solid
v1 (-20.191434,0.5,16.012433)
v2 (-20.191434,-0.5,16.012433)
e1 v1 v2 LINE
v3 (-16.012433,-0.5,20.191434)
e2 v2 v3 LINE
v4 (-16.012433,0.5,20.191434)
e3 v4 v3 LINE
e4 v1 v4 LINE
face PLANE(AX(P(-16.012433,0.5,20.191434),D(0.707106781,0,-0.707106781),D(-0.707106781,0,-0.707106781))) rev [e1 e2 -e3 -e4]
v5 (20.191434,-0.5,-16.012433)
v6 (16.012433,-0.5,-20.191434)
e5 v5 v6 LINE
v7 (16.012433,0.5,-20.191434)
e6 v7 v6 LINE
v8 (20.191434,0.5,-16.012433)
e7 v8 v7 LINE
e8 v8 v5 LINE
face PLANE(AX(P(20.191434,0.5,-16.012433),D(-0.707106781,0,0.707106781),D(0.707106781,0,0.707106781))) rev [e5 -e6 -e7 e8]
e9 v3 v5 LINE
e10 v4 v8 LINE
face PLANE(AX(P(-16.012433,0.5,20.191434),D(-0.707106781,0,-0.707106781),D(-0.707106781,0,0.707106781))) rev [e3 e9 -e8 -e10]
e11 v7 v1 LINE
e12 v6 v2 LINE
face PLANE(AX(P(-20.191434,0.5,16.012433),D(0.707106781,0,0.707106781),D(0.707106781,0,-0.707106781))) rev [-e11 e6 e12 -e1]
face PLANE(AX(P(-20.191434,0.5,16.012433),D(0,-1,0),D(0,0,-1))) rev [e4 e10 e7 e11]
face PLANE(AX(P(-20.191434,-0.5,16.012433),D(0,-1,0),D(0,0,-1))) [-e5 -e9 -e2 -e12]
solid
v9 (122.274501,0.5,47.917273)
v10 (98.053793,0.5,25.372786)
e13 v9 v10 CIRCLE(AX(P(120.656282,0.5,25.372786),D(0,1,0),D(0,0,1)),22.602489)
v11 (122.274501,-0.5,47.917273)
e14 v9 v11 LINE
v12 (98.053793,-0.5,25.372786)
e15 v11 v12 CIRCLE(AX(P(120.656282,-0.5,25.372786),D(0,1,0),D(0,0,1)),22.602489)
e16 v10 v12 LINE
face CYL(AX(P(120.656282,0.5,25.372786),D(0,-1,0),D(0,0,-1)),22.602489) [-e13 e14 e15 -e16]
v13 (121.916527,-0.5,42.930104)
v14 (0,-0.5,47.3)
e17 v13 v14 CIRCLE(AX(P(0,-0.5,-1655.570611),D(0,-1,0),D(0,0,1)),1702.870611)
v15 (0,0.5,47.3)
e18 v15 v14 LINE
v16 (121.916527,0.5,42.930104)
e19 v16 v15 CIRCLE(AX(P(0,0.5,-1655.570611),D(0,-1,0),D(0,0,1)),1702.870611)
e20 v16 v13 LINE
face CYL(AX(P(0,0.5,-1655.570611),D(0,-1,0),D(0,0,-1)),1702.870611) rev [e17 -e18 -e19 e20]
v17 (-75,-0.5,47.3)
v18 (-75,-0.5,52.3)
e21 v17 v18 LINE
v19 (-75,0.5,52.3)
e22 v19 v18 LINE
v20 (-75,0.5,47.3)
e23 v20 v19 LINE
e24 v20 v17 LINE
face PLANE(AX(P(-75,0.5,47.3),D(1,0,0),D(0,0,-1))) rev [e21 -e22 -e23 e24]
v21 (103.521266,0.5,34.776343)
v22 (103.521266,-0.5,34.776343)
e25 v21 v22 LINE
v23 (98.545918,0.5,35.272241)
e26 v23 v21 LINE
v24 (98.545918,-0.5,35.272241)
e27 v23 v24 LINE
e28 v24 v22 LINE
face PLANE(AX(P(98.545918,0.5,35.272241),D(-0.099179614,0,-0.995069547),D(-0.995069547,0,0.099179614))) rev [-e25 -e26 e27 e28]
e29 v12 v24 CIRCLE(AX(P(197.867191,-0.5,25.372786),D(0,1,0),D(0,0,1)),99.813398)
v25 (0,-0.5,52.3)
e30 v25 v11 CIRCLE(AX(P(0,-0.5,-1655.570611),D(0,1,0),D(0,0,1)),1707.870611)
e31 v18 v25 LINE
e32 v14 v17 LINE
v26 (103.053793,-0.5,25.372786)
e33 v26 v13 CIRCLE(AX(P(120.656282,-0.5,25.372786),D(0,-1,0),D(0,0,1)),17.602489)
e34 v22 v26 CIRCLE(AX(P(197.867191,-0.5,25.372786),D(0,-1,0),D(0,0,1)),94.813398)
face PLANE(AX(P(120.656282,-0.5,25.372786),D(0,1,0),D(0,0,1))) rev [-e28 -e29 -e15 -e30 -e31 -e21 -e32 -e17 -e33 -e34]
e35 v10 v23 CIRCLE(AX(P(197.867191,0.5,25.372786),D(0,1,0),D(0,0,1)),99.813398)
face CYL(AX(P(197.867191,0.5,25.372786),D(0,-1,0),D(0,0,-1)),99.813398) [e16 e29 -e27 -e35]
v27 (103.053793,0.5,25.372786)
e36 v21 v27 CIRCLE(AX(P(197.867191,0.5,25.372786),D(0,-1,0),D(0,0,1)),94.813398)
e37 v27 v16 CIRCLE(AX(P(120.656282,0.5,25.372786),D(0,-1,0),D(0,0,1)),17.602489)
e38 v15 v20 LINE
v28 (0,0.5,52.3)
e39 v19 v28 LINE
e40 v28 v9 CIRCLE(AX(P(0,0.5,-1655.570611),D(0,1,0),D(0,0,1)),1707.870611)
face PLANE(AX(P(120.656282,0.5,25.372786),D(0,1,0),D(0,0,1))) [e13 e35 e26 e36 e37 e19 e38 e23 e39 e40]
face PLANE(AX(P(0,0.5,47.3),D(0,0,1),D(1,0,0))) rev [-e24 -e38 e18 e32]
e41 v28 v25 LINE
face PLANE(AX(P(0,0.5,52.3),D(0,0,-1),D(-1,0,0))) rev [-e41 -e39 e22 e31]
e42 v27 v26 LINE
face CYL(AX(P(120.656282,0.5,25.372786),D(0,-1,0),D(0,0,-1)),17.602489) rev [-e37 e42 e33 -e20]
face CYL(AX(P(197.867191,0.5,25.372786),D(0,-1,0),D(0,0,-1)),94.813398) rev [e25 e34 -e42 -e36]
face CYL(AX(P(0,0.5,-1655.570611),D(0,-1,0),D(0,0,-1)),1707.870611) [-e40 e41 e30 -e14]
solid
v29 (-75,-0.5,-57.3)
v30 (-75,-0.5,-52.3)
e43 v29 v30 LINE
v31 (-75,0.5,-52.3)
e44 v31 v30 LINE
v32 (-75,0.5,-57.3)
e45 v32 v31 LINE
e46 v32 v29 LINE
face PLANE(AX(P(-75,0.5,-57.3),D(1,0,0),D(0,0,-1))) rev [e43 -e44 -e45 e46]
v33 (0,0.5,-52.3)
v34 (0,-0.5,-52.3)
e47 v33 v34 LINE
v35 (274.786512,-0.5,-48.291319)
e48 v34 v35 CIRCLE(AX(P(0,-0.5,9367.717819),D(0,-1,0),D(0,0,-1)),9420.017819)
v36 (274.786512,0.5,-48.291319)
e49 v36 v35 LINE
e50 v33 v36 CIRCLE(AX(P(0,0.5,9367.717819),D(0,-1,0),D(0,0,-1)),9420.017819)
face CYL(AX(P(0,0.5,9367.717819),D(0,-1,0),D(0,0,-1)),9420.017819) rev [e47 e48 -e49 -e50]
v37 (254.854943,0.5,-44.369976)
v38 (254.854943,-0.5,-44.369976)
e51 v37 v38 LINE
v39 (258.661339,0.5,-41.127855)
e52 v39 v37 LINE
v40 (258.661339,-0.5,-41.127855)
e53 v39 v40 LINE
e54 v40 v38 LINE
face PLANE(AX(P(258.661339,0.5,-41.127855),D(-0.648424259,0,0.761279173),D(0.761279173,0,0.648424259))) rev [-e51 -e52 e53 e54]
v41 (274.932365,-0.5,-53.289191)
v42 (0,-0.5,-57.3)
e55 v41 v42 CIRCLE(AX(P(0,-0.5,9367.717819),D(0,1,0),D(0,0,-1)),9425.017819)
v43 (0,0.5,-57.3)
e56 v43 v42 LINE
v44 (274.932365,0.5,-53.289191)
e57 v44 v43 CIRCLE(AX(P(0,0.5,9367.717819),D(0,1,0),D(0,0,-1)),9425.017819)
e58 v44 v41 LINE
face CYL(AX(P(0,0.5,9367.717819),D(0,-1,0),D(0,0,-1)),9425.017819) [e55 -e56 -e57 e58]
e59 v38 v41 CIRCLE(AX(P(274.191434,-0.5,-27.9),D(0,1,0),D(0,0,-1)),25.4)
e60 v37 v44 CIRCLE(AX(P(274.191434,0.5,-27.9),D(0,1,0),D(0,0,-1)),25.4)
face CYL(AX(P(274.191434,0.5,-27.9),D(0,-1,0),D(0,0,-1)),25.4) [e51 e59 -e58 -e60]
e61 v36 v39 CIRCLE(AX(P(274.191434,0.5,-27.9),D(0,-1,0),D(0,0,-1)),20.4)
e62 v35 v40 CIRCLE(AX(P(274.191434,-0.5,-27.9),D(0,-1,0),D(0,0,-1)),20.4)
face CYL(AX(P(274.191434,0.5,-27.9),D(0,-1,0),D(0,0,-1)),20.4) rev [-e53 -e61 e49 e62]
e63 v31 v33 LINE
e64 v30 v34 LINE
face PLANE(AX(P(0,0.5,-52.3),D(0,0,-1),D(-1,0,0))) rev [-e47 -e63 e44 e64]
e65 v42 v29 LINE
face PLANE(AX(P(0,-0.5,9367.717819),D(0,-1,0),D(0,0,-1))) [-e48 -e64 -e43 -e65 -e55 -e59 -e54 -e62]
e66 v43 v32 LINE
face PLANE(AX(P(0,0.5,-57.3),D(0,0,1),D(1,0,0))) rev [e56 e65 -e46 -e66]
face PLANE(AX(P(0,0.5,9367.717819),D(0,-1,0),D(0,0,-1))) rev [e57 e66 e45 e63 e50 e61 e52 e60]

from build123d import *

# Parameters (mm, degrees)
BOSS_EXTRUDE1_DEPTH   = 0.5
BOSS_EXTRUDE1_2_DEPTH = 0.5
BOSS_EXTRUDE1_3_DEPTH = 0.5


with BuildPart() as part:
    # Sketch1 → Boss-Extrude1 (new, symmetric)
    with BuildSketch(Plane(origin=(0, 0, 0), x_dir=(1, 0, 0), z_dir=(0, 1, 0))):
        with BuildLine():
            Line((0, 57.3), (-75, 57.3))
            Line((-75, 57.3), (-75, 52.3))
            Line((-75, 52.3), (0, 52.3))
            ThreePointArc((0, 52.3), (137.407875272, 51.297776384), (274.786512082, 48.291318796))
            ThreePointArc((274.786512082, 48.291318796), (288.825291969, 42.113029408), (294.591434137, 27.9))
            ThreePointArc((294.591434137, 27.9), (267.143524545, 8.756150586), (258.661339001, 41.127854893))
            Line((258.661339001, 41.127854893), (254.854943134, 44.36997619))
            ThreePointArc((254.854943134, 44.36997619), (265.416095723, 4.064030632), (299.591434137, 27.9))
            ThreePointArc((299.591434137, 27.9), (292.412021829, 45.596615048), (274.932364519, 53.28919105))
            ThreePointArc((274.932364519, 53.28919105), (137.48080925, 56.297244419), (0, 57.3))
        make_face()
    extrude(amount=BOSS_EXTRUDE1_DEPTH, both=True)


with BuildPart() as body_2:
    # Sketch1 → Boss-Extrude1 2 (new, symmetric)
    with BuildSketch(Plane(origin=(0, 0, 0), x_dir=(1, 0, 0), z_dir=(0, 1, 0))):
        with BuildLine():
            Line((0, -47.3), (-75, -47.3))
            Line((-75, -47.3), (-75, -52.3))
            Line((-75, -52.3), (0, -52.3))
            ThreePointArc((0, -52.3), (61.176510654, -51.203966518), (122.274500718, -47.91727284))
            ThreePointArc((122.274500718, -47.91727284), (136.055904415, -8.828175809), (98.053793185, -25.372786309))
            ThreePointArc((98.053793185, -25.372786309), (98.17690041, -30.328625843), (98.545918412, -35.272240572))
            Line((98.545918412, -35.272240572), (103.521266149, -34.776342501))
            ThreePointArc((103.521266149, -34.776342501), (103.170733541, -30.080370616), (103.053793184, -25.372786309))
            ThreePointArc((103.053793184, -25.372786309), (132.64928349, -12.488084807), (121.916527169, -42.93010381))
            ThreePointArc((121.916527169, -42.93010381), (60.99740894, -46.20717529), (0, -47.3))
        make_face()
    extrude(amount=BOSS_EXTRUDE1_2_DEPTH, both=True)


with BuildPart() as body_3:
    # Sketch1 → Boss-Extrude1 3 (new, symmetric)
    with BuildSketch(Plane(origin=(0, 0, 0), x_dir=(1, 0, 0), z_dir=(0, 1, 0))):
        Polygon((-16.01243306, -20.191434137), (20.191434137, 16.01243306), (16.01243306, 20.191434137), (-20.191434137, -16.01243306), align=None)
    extrude(amount=BOSS_EXTRUDE1_3_DEPTH, both=True)


solid = Compound([part.part, body_2.part, body_3.part])
